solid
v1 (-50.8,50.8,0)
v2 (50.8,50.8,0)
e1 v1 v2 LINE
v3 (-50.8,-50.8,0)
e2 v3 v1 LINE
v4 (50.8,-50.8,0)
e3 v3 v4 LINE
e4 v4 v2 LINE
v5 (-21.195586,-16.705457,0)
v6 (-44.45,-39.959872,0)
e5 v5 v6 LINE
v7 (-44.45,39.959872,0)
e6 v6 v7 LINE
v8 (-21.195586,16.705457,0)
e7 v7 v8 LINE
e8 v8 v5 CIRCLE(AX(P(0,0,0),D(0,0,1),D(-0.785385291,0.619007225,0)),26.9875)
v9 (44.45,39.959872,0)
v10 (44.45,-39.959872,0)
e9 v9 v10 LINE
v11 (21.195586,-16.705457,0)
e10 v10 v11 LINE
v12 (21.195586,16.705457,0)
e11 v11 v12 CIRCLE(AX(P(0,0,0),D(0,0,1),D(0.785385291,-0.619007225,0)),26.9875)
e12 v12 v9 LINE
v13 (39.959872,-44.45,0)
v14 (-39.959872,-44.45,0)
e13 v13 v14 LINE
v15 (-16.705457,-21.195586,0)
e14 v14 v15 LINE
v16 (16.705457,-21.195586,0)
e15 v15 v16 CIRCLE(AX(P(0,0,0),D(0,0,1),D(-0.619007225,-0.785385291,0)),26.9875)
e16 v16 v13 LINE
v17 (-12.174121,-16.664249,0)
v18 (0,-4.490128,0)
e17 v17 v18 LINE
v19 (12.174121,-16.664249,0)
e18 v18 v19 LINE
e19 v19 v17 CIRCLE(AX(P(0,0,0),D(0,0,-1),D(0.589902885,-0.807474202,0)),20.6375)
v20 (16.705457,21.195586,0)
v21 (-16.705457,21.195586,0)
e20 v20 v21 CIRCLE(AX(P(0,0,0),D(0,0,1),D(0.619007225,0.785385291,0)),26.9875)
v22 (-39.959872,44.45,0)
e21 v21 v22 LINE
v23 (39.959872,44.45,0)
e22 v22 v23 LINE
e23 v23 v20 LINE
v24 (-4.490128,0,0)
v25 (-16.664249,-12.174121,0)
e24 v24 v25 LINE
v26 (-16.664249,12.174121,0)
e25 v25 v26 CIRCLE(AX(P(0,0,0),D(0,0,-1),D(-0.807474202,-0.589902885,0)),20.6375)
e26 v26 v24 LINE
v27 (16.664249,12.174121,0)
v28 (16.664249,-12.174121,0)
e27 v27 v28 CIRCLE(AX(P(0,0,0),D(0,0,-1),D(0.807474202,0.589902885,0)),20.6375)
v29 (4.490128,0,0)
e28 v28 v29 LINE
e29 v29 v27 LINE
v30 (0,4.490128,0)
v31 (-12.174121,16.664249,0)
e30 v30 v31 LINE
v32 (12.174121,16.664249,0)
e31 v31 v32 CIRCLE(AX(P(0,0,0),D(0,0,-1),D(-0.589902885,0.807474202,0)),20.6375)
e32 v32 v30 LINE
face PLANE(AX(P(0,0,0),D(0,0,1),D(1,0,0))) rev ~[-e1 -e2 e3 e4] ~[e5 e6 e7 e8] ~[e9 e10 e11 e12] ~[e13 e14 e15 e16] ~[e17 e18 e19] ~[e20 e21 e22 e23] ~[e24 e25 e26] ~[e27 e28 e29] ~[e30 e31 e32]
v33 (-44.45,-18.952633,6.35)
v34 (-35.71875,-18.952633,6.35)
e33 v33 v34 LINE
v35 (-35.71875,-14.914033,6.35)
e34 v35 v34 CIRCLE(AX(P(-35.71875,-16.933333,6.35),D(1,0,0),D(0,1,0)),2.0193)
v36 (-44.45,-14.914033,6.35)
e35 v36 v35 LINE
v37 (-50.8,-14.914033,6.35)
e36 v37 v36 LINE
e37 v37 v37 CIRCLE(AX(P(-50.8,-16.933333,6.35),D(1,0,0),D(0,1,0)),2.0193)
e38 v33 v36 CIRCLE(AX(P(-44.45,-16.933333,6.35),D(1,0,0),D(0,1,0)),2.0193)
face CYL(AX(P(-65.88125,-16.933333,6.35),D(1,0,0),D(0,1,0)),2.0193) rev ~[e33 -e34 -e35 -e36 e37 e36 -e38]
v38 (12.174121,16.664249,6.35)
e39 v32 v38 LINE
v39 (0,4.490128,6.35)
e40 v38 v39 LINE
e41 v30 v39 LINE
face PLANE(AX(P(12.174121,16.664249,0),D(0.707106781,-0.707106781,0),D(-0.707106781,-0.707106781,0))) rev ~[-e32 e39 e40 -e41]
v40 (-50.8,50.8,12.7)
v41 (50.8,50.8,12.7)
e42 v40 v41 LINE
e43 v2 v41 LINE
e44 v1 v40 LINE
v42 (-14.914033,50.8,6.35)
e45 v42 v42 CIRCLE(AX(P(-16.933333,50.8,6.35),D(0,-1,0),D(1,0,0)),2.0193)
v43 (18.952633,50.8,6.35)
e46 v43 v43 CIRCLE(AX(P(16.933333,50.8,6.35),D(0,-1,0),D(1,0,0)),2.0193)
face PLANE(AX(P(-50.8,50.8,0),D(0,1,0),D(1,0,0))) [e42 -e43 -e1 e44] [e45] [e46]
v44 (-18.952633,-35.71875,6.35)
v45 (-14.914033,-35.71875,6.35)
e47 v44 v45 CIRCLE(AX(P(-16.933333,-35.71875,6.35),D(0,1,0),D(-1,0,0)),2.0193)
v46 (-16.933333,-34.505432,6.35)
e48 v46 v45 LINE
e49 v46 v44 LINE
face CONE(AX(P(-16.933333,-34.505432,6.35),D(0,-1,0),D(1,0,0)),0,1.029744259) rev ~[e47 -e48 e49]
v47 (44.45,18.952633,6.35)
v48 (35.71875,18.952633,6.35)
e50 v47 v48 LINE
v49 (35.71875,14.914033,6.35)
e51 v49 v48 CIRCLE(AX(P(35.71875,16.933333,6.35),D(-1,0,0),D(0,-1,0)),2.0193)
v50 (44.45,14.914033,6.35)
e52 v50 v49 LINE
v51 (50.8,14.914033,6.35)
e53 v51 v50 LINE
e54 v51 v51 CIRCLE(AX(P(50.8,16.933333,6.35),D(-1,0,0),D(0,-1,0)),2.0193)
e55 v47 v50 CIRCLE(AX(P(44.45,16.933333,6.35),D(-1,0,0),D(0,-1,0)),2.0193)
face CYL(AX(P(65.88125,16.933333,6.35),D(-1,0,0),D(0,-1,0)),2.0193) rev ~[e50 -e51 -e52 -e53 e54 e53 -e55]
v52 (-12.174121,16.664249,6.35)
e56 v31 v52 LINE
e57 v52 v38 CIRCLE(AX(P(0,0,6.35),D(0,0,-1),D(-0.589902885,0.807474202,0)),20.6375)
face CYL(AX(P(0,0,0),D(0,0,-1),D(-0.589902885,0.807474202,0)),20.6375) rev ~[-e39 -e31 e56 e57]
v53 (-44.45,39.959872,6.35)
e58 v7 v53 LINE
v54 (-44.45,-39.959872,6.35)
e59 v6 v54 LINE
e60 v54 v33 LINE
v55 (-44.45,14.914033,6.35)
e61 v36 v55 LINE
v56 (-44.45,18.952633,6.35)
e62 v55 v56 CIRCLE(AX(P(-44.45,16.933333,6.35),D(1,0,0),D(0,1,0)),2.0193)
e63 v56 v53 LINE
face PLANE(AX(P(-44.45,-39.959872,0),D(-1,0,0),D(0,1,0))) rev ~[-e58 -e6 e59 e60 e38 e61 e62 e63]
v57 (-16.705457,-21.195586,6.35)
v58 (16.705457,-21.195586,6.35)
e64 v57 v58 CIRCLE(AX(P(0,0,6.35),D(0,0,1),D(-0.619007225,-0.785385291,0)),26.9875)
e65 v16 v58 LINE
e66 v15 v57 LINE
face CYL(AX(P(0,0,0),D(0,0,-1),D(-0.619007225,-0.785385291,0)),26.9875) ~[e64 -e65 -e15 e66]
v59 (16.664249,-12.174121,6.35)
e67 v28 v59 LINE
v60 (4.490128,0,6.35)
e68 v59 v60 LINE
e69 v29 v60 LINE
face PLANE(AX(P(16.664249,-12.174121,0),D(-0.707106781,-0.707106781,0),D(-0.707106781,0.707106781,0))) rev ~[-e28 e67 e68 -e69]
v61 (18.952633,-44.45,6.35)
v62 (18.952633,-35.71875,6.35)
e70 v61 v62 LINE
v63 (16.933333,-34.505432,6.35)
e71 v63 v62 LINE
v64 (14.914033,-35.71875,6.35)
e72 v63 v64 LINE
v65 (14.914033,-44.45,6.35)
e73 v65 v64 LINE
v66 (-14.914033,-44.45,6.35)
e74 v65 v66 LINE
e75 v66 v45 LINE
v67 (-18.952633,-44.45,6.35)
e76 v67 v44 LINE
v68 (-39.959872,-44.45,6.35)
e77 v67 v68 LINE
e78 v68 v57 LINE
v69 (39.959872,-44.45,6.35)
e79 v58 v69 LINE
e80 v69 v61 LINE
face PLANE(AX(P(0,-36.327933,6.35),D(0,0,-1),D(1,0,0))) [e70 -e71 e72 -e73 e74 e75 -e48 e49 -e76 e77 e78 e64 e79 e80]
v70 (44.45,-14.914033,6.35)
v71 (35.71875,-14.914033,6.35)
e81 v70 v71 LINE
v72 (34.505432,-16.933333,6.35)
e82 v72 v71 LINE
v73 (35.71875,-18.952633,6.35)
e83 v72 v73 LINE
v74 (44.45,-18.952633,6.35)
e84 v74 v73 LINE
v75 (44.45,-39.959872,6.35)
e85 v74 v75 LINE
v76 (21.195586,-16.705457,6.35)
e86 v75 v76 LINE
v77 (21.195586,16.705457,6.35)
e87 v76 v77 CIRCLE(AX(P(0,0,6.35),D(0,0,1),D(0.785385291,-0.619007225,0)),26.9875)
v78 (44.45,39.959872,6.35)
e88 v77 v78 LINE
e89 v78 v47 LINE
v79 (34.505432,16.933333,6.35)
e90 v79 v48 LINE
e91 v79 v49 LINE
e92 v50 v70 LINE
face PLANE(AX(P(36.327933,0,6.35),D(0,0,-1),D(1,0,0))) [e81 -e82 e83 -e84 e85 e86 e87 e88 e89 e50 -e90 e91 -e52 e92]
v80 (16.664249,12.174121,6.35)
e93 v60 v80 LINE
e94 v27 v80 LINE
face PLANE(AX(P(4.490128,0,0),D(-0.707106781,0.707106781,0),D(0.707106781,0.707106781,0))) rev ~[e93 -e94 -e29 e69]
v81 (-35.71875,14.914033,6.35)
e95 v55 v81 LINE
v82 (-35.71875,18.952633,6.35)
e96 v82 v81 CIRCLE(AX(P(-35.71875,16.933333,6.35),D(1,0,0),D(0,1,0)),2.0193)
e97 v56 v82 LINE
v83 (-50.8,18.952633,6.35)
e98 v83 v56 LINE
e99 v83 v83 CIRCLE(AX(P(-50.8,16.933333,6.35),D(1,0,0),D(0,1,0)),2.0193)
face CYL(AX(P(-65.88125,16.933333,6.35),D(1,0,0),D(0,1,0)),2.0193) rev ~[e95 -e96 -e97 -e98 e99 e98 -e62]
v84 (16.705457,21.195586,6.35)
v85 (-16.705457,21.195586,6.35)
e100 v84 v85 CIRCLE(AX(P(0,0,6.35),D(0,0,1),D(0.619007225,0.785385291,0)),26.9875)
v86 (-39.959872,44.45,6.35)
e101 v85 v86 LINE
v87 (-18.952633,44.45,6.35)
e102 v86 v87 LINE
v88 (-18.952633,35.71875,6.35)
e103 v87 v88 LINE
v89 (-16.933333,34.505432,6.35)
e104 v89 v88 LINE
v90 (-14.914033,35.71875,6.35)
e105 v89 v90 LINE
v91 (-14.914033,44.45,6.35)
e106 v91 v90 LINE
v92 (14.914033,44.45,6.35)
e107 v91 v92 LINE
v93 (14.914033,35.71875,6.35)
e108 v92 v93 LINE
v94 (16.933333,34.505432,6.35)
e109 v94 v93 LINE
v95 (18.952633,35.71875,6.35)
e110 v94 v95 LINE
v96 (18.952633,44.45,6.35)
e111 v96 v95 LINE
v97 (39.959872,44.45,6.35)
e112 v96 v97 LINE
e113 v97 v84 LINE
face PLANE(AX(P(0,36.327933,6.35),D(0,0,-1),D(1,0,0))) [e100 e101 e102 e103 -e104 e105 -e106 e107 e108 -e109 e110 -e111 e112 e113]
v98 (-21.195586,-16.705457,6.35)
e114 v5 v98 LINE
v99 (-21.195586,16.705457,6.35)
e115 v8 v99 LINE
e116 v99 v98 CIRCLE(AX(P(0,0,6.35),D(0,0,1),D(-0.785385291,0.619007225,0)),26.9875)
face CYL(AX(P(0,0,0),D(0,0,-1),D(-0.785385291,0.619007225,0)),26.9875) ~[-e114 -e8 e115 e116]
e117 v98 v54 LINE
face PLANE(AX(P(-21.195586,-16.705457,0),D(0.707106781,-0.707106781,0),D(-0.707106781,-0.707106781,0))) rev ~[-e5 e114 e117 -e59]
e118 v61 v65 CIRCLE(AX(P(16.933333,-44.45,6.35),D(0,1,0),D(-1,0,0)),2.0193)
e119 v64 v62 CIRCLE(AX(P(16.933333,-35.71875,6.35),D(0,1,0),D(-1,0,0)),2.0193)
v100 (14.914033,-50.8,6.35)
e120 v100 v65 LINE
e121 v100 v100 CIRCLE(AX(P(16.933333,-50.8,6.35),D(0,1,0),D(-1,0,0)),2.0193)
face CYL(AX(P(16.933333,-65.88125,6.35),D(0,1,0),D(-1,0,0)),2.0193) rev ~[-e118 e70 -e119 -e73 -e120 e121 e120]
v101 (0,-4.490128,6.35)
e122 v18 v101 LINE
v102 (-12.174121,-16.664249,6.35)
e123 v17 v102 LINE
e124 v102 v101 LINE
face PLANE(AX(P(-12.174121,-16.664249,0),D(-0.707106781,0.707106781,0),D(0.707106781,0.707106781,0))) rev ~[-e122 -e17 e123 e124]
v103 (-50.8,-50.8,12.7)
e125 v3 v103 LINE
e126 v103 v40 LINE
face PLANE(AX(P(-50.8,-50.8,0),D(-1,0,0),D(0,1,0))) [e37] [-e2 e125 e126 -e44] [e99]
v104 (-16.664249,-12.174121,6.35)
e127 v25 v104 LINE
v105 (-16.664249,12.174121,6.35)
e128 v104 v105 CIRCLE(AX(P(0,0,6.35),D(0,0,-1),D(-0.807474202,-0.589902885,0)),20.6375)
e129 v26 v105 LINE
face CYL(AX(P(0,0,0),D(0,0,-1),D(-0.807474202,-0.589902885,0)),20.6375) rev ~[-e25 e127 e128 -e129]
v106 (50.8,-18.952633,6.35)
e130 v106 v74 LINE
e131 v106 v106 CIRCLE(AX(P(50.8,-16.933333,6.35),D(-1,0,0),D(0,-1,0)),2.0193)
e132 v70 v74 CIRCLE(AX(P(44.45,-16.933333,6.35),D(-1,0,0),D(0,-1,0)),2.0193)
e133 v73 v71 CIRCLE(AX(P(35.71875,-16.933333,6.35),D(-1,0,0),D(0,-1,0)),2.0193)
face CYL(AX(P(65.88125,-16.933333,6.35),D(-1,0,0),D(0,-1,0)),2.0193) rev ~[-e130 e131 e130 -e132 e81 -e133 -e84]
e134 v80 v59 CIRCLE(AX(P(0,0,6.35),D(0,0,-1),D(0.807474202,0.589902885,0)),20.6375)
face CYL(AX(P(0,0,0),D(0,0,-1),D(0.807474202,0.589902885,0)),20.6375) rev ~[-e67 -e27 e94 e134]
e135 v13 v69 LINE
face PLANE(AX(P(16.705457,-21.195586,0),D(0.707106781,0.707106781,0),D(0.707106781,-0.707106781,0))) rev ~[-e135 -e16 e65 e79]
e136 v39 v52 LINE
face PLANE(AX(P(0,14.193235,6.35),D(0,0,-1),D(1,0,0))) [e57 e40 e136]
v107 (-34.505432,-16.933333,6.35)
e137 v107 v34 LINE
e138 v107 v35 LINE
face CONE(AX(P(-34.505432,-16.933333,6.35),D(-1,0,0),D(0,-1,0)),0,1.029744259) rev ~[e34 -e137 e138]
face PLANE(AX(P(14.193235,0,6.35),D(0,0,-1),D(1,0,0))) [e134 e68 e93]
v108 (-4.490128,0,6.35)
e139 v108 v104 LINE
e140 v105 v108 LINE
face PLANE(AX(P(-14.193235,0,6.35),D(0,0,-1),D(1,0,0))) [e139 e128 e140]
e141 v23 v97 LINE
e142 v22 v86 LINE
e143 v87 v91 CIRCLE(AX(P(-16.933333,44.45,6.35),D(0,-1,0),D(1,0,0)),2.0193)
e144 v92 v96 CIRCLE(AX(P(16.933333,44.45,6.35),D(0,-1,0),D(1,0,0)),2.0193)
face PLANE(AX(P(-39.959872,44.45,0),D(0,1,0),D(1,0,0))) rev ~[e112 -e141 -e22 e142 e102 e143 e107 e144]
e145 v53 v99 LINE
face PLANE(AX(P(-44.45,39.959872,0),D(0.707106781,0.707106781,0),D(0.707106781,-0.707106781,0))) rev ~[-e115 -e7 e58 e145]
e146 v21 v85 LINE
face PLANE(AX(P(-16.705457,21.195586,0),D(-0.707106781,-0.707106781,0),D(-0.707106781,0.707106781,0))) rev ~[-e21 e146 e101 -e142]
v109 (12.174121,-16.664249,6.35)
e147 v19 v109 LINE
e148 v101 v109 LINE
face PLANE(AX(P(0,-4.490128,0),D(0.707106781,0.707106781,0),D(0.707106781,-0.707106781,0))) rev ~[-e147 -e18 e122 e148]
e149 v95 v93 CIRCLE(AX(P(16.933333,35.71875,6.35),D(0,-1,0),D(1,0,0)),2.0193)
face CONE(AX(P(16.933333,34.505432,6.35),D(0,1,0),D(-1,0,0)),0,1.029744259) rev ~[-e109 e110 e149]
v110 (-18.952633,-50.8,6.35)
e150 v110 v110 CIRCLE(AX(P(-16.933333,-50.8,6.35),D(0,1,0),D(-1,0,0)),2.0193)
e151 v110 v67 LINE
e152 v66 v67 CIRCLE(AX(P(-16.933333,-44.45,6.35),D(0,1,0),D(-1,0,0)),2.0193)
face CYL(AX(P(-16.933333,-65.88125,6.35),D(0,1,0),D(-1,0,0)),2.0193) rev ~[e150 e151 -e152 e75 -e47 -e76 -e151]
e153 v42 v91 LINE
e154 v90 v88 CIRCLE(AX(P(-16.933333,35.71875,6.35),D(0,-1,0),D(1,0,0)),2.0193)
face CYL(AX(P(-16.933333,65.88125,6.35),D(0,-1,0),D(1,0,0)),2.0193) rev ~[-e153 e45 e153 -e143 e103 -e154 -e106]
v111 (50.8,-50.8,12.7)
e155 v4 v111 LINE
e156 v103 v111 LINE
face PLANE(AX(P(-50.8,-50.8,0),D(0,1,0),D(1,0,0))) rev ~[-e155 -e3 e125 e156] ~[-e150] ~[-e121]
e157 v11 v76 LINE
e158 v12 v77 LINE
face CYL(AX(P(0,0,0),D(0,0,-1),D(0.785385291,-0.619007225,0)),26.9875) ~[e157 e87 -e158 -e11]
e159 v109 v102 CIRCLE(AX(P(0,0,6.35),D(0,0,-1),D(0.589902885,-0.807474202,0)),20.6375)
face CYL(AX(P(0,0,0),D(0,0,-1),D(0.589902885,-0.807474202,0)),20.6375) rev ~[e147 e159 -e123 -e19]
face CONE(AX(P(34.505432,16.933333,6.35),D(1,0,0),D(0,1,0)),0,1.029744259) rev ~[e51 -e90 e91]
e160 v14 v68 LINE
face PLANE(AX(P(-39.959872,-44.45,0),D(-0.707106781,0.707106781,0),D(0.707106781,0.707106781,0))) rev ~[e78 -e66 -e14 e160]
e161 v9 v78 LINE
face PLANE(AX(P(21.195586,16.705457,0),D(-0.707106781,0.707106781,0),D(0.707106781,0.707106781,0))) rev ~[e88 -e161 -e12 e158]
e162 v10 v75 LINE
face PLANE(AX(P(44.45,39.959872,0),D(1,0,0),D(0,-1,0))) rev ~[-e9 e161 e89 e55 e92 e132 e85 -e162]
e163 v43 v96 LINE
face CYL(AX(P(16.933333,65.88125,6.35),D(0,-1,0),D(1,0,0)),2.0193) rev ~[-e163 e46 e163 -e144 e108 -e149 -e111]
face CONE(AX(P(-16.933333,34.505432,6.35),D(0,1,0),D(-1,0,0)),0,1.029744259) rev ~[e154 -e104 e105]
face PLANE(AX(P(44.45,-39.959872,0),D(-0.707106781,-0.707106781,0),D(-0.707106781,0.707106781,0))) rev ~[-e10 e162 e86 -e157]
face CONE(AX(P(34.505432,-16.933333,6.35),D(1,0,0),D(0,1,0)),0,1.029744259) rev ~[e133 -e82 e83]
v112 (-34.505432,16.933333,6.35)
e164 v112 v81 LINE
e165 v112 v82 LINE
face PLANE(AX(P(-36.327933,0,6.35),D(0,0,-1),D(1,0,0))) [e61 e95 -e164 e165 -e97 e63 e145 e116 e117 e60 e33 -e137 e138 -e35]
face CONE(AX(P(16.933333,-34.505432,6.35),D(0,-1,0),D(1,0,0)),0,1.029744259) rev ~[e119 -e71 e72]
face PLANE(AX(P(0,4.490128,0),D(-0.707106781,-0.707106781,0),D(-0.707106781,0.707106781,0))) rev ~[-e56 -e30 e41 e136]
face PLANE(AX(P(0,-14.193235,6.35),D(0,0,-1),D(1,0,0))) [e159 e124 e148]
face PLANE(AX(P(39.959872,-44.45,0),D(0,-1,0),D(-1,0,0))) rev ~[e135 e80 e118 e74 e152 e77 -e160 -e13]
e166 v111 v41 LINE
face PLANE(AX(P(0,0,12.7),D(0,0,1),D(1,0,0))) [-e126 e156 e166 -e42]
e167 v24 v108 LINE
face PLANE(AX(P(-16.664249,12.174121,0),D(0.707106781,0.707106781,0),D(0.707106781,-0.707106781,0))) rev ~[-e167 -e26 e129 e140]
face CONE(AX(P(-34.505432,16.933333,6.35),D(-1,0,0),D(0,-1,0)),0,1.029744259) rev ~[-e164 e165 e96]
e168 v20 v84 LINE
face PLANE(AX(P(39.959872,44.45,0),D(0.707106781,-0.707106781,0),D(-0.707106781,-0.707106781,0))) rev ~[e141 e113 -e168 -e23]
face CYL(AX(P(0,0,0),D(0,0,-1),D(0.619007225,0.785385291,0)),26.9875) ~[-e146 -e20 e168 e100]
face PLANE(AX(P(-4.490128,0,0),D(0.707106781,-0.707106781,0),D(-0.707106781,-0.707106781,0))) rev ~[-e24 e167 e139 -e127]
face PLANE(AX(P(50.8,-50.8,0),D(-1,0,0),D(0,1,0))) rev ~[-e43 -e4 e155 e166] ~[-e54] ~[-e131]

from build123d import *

# Parameters (mm, degrees)
F0_W           = 101.6
F0_H           = 101.6
F1_DEPTH       = 12.7
F3_DEPTH       = 6.35
F8_D           = 4.0386
F8_DEPTH       = 15.08125
F8_TIP         = 1.213317848
F8_ON_F7_D     = 4.0386
F8_ON_F7_DEPTH = 15.08125
F8_ON_F7_TIP   = 1.213317848
F8_ON_F6_D     = 4.0386
F8_ON_F6_DEPTH = 15.08125
F8_ON_F6_TIP   = 1.213317848
F8_ON_F5_D     = 4.0386
F8_ON_F5_DEPTH = 15.08125
F8_ON_F5_TIP   = 1.213317848


with BuildPart() as f1:
    # F0 (on Top) → F1 (new body)
    with BuildSketch(Plane.XY):
        Rectangle(F0_W, F0_H)
    extrude(amount=F1_DEPTH)

    # F2 (on face) → F3 (cut)
    with BuildSketch(Plane(origin=(0, 0, 0), x_dir=(1, 0, 0), z_dir=(0, 0, -1))):
        with BuildLine():
            Line((-12.1741207811, 16.6642488417), (0, 4.4901280605))
            Line((0, 4.4901280605), (12.1741207811, 16.6642488417))
            ThreePointArc((12.1741207811, 16.6642488417), (0, 20.6375), (-12.1741207811, 16.6642488417))
        make_face()
        with BuildLine():
            Line((39.9598719395, 44.45), (-39.9598719395, 44.45))
            Line((-39.9598719395, 44.45), (-16.705457483, 21.1955855435))
            ThreePointArc((-16.705457483, 21.1955855435), (0, 26.9875), (16.705457483, 21.1955855435))
            Line((16.705457483, 21.1955855435), (39.9598719395, 44.45))
        make_face()
        with BuildLine():
            Line((-44.45, 39.9598719395), (-44.45, -39.9598719395))
            Line((-44.45, -39.9598719395), (-21.1955855435, -16.705457483))
            ThreePointArc((-21.1955855435, -16.705457483), (-26.9875, 0), (-21.1955855435, 16.705457483))
            Line((-21.1955855435, 16.705457483), (-44.45, 39.9598719395))
        make_face()
        with BuildLine():
            Line((-16.6642488417, -12.1741207811), (-4.4901280605, 0))
            Line((-4.4901280605, 0), (-16.6642488417, 12.1741207811))
            ThreePointArc((-16.6642488417, 12.1741207811), (-20.6375, 0), (-16.6642488417, -12.1741207811))
        make_face()
        with BuildLine():
            Line((-39.9598719395, -44.45), (39.9598719395, -44.45))
            Line((39.9598719395, -44.45), (16.705457483, -21.1955855435))
            ThreePointArc((16.705457483, -21.1955855435), (0, -26.9875), (-16.705457483, -21.1955855435))
            Line((-16.705457483, -21.1955855435), (-39.9598719395, -44.45))
        make_face()
        with BuildLine():
            Line((12.1741207811, -16.6642488417), (0, -4.4901280605))
            Line((0, -4.4901280605), (-12.1741207811, -16.6642488417))
            ThreePointArc((-12.1741207811, -16.6642488417), (0, -20.6375), (12.1741207811, -16.6642488417))
        make_face()
        with BuildLine():
            Line((44.45, -39.9598719395), (44.45, 39.9598719395))
            Line((44.45, 39.9598719395), (21.1955855435, 16.705457483))
            ThreePointArc((21.1955855435, 16.705457483), (26.9875, 0), (21.1955855435, -16.705457483))
            Line((21.1955855435, -16.705457483), (44.45, -39.9598719395))
        make_face()
        with BuildLine():
            Line((16.6642488417, 12.1741207811), (4.4901280605, 0))
            Line((4.4901280605, 0), (16.6642488417, -12.1741207811))
            ThreePointArc((16.6642488417, -12.1741207811), (20.6375, 0), (16.6642488417, 12.1741207811))
        make_face()
    extrude(amount=-F3_DEPTH, mode=Mode.SUBTRACT)

    # F8
    with Locations(Plane.XZ.offset(50.8)):
        with Locations((-16.9333333333, 6.35), (16.9333333333, 6.35)):
            Hole(F8_D / 2, depth=F8_DEPTH)
            with Locations((0, 0, -(F8_DEPTH + F8_TIP / 2))):  # 118° drill point
                Cone(0, F8_D / 2, F8_TIP, mode=Mode.SUBTRACT)

    # F8 on F7
    with Locations(Plane(origin=(-50.8, 0, 0), x_dir=(0, -1, 0), z_dir=(-1, 0, 0))):
        with Locations((16.9333333333, 6.35), (-16.9333333333, 6.35)):
            Hole(F8_ON_F7_D / 2, depth=F8_ON_F7_DEPTH)
            with Locations((0, 0, -(F8_ON_F7_DEPTH + F8_ON_F7_TIP / 2))):  # 118° drill point
                Cone(0, F8_ON_F7_D / 2, F8_ON_F7_TIP, mode=Mode.SUBTRACT)

    # F8 on F6
    with Locations(Plane(origin=(0, 50.8, 0), x_dir=(-1, 0, 0), z_dir=(0, 1, 0))):
        with Locations((16.9333333333, 6.35), (-16.9333333333, 6.35)):
            Hole(F8_ON_F6_D / 2, depth=F8_ON_F6_DEPTH)
            with Locations((0, 0, -(F8_ON_F6_DEPTH + F8_ON_F6_TIP / 2))):  # 118° drill point
                Cone(0, F8_ON_F6_D / 2, F8_ON_F6_TIP, mode=Mode.SUBTRACT)

    # F8 on F5
    with Locations(Plane.YZ.offset(50.8)):
        with Locations((16.9333333333, 6.35), (-16.9333333333, 6.35)):
            Hole(F8_ON_F5_D / 2, depth=F8_ON_F5_DEPTH)
            with Locations((0, 0, -(F8_ON_F5_DEPTH + F8_ON_F5_TIP / 2))):  # 118° drill point
                Cone(0, F8_ON_F5_D / 2, F8_ON_F5_TIP, mode=Mode.SUBTRACT)


solid = f1.part
